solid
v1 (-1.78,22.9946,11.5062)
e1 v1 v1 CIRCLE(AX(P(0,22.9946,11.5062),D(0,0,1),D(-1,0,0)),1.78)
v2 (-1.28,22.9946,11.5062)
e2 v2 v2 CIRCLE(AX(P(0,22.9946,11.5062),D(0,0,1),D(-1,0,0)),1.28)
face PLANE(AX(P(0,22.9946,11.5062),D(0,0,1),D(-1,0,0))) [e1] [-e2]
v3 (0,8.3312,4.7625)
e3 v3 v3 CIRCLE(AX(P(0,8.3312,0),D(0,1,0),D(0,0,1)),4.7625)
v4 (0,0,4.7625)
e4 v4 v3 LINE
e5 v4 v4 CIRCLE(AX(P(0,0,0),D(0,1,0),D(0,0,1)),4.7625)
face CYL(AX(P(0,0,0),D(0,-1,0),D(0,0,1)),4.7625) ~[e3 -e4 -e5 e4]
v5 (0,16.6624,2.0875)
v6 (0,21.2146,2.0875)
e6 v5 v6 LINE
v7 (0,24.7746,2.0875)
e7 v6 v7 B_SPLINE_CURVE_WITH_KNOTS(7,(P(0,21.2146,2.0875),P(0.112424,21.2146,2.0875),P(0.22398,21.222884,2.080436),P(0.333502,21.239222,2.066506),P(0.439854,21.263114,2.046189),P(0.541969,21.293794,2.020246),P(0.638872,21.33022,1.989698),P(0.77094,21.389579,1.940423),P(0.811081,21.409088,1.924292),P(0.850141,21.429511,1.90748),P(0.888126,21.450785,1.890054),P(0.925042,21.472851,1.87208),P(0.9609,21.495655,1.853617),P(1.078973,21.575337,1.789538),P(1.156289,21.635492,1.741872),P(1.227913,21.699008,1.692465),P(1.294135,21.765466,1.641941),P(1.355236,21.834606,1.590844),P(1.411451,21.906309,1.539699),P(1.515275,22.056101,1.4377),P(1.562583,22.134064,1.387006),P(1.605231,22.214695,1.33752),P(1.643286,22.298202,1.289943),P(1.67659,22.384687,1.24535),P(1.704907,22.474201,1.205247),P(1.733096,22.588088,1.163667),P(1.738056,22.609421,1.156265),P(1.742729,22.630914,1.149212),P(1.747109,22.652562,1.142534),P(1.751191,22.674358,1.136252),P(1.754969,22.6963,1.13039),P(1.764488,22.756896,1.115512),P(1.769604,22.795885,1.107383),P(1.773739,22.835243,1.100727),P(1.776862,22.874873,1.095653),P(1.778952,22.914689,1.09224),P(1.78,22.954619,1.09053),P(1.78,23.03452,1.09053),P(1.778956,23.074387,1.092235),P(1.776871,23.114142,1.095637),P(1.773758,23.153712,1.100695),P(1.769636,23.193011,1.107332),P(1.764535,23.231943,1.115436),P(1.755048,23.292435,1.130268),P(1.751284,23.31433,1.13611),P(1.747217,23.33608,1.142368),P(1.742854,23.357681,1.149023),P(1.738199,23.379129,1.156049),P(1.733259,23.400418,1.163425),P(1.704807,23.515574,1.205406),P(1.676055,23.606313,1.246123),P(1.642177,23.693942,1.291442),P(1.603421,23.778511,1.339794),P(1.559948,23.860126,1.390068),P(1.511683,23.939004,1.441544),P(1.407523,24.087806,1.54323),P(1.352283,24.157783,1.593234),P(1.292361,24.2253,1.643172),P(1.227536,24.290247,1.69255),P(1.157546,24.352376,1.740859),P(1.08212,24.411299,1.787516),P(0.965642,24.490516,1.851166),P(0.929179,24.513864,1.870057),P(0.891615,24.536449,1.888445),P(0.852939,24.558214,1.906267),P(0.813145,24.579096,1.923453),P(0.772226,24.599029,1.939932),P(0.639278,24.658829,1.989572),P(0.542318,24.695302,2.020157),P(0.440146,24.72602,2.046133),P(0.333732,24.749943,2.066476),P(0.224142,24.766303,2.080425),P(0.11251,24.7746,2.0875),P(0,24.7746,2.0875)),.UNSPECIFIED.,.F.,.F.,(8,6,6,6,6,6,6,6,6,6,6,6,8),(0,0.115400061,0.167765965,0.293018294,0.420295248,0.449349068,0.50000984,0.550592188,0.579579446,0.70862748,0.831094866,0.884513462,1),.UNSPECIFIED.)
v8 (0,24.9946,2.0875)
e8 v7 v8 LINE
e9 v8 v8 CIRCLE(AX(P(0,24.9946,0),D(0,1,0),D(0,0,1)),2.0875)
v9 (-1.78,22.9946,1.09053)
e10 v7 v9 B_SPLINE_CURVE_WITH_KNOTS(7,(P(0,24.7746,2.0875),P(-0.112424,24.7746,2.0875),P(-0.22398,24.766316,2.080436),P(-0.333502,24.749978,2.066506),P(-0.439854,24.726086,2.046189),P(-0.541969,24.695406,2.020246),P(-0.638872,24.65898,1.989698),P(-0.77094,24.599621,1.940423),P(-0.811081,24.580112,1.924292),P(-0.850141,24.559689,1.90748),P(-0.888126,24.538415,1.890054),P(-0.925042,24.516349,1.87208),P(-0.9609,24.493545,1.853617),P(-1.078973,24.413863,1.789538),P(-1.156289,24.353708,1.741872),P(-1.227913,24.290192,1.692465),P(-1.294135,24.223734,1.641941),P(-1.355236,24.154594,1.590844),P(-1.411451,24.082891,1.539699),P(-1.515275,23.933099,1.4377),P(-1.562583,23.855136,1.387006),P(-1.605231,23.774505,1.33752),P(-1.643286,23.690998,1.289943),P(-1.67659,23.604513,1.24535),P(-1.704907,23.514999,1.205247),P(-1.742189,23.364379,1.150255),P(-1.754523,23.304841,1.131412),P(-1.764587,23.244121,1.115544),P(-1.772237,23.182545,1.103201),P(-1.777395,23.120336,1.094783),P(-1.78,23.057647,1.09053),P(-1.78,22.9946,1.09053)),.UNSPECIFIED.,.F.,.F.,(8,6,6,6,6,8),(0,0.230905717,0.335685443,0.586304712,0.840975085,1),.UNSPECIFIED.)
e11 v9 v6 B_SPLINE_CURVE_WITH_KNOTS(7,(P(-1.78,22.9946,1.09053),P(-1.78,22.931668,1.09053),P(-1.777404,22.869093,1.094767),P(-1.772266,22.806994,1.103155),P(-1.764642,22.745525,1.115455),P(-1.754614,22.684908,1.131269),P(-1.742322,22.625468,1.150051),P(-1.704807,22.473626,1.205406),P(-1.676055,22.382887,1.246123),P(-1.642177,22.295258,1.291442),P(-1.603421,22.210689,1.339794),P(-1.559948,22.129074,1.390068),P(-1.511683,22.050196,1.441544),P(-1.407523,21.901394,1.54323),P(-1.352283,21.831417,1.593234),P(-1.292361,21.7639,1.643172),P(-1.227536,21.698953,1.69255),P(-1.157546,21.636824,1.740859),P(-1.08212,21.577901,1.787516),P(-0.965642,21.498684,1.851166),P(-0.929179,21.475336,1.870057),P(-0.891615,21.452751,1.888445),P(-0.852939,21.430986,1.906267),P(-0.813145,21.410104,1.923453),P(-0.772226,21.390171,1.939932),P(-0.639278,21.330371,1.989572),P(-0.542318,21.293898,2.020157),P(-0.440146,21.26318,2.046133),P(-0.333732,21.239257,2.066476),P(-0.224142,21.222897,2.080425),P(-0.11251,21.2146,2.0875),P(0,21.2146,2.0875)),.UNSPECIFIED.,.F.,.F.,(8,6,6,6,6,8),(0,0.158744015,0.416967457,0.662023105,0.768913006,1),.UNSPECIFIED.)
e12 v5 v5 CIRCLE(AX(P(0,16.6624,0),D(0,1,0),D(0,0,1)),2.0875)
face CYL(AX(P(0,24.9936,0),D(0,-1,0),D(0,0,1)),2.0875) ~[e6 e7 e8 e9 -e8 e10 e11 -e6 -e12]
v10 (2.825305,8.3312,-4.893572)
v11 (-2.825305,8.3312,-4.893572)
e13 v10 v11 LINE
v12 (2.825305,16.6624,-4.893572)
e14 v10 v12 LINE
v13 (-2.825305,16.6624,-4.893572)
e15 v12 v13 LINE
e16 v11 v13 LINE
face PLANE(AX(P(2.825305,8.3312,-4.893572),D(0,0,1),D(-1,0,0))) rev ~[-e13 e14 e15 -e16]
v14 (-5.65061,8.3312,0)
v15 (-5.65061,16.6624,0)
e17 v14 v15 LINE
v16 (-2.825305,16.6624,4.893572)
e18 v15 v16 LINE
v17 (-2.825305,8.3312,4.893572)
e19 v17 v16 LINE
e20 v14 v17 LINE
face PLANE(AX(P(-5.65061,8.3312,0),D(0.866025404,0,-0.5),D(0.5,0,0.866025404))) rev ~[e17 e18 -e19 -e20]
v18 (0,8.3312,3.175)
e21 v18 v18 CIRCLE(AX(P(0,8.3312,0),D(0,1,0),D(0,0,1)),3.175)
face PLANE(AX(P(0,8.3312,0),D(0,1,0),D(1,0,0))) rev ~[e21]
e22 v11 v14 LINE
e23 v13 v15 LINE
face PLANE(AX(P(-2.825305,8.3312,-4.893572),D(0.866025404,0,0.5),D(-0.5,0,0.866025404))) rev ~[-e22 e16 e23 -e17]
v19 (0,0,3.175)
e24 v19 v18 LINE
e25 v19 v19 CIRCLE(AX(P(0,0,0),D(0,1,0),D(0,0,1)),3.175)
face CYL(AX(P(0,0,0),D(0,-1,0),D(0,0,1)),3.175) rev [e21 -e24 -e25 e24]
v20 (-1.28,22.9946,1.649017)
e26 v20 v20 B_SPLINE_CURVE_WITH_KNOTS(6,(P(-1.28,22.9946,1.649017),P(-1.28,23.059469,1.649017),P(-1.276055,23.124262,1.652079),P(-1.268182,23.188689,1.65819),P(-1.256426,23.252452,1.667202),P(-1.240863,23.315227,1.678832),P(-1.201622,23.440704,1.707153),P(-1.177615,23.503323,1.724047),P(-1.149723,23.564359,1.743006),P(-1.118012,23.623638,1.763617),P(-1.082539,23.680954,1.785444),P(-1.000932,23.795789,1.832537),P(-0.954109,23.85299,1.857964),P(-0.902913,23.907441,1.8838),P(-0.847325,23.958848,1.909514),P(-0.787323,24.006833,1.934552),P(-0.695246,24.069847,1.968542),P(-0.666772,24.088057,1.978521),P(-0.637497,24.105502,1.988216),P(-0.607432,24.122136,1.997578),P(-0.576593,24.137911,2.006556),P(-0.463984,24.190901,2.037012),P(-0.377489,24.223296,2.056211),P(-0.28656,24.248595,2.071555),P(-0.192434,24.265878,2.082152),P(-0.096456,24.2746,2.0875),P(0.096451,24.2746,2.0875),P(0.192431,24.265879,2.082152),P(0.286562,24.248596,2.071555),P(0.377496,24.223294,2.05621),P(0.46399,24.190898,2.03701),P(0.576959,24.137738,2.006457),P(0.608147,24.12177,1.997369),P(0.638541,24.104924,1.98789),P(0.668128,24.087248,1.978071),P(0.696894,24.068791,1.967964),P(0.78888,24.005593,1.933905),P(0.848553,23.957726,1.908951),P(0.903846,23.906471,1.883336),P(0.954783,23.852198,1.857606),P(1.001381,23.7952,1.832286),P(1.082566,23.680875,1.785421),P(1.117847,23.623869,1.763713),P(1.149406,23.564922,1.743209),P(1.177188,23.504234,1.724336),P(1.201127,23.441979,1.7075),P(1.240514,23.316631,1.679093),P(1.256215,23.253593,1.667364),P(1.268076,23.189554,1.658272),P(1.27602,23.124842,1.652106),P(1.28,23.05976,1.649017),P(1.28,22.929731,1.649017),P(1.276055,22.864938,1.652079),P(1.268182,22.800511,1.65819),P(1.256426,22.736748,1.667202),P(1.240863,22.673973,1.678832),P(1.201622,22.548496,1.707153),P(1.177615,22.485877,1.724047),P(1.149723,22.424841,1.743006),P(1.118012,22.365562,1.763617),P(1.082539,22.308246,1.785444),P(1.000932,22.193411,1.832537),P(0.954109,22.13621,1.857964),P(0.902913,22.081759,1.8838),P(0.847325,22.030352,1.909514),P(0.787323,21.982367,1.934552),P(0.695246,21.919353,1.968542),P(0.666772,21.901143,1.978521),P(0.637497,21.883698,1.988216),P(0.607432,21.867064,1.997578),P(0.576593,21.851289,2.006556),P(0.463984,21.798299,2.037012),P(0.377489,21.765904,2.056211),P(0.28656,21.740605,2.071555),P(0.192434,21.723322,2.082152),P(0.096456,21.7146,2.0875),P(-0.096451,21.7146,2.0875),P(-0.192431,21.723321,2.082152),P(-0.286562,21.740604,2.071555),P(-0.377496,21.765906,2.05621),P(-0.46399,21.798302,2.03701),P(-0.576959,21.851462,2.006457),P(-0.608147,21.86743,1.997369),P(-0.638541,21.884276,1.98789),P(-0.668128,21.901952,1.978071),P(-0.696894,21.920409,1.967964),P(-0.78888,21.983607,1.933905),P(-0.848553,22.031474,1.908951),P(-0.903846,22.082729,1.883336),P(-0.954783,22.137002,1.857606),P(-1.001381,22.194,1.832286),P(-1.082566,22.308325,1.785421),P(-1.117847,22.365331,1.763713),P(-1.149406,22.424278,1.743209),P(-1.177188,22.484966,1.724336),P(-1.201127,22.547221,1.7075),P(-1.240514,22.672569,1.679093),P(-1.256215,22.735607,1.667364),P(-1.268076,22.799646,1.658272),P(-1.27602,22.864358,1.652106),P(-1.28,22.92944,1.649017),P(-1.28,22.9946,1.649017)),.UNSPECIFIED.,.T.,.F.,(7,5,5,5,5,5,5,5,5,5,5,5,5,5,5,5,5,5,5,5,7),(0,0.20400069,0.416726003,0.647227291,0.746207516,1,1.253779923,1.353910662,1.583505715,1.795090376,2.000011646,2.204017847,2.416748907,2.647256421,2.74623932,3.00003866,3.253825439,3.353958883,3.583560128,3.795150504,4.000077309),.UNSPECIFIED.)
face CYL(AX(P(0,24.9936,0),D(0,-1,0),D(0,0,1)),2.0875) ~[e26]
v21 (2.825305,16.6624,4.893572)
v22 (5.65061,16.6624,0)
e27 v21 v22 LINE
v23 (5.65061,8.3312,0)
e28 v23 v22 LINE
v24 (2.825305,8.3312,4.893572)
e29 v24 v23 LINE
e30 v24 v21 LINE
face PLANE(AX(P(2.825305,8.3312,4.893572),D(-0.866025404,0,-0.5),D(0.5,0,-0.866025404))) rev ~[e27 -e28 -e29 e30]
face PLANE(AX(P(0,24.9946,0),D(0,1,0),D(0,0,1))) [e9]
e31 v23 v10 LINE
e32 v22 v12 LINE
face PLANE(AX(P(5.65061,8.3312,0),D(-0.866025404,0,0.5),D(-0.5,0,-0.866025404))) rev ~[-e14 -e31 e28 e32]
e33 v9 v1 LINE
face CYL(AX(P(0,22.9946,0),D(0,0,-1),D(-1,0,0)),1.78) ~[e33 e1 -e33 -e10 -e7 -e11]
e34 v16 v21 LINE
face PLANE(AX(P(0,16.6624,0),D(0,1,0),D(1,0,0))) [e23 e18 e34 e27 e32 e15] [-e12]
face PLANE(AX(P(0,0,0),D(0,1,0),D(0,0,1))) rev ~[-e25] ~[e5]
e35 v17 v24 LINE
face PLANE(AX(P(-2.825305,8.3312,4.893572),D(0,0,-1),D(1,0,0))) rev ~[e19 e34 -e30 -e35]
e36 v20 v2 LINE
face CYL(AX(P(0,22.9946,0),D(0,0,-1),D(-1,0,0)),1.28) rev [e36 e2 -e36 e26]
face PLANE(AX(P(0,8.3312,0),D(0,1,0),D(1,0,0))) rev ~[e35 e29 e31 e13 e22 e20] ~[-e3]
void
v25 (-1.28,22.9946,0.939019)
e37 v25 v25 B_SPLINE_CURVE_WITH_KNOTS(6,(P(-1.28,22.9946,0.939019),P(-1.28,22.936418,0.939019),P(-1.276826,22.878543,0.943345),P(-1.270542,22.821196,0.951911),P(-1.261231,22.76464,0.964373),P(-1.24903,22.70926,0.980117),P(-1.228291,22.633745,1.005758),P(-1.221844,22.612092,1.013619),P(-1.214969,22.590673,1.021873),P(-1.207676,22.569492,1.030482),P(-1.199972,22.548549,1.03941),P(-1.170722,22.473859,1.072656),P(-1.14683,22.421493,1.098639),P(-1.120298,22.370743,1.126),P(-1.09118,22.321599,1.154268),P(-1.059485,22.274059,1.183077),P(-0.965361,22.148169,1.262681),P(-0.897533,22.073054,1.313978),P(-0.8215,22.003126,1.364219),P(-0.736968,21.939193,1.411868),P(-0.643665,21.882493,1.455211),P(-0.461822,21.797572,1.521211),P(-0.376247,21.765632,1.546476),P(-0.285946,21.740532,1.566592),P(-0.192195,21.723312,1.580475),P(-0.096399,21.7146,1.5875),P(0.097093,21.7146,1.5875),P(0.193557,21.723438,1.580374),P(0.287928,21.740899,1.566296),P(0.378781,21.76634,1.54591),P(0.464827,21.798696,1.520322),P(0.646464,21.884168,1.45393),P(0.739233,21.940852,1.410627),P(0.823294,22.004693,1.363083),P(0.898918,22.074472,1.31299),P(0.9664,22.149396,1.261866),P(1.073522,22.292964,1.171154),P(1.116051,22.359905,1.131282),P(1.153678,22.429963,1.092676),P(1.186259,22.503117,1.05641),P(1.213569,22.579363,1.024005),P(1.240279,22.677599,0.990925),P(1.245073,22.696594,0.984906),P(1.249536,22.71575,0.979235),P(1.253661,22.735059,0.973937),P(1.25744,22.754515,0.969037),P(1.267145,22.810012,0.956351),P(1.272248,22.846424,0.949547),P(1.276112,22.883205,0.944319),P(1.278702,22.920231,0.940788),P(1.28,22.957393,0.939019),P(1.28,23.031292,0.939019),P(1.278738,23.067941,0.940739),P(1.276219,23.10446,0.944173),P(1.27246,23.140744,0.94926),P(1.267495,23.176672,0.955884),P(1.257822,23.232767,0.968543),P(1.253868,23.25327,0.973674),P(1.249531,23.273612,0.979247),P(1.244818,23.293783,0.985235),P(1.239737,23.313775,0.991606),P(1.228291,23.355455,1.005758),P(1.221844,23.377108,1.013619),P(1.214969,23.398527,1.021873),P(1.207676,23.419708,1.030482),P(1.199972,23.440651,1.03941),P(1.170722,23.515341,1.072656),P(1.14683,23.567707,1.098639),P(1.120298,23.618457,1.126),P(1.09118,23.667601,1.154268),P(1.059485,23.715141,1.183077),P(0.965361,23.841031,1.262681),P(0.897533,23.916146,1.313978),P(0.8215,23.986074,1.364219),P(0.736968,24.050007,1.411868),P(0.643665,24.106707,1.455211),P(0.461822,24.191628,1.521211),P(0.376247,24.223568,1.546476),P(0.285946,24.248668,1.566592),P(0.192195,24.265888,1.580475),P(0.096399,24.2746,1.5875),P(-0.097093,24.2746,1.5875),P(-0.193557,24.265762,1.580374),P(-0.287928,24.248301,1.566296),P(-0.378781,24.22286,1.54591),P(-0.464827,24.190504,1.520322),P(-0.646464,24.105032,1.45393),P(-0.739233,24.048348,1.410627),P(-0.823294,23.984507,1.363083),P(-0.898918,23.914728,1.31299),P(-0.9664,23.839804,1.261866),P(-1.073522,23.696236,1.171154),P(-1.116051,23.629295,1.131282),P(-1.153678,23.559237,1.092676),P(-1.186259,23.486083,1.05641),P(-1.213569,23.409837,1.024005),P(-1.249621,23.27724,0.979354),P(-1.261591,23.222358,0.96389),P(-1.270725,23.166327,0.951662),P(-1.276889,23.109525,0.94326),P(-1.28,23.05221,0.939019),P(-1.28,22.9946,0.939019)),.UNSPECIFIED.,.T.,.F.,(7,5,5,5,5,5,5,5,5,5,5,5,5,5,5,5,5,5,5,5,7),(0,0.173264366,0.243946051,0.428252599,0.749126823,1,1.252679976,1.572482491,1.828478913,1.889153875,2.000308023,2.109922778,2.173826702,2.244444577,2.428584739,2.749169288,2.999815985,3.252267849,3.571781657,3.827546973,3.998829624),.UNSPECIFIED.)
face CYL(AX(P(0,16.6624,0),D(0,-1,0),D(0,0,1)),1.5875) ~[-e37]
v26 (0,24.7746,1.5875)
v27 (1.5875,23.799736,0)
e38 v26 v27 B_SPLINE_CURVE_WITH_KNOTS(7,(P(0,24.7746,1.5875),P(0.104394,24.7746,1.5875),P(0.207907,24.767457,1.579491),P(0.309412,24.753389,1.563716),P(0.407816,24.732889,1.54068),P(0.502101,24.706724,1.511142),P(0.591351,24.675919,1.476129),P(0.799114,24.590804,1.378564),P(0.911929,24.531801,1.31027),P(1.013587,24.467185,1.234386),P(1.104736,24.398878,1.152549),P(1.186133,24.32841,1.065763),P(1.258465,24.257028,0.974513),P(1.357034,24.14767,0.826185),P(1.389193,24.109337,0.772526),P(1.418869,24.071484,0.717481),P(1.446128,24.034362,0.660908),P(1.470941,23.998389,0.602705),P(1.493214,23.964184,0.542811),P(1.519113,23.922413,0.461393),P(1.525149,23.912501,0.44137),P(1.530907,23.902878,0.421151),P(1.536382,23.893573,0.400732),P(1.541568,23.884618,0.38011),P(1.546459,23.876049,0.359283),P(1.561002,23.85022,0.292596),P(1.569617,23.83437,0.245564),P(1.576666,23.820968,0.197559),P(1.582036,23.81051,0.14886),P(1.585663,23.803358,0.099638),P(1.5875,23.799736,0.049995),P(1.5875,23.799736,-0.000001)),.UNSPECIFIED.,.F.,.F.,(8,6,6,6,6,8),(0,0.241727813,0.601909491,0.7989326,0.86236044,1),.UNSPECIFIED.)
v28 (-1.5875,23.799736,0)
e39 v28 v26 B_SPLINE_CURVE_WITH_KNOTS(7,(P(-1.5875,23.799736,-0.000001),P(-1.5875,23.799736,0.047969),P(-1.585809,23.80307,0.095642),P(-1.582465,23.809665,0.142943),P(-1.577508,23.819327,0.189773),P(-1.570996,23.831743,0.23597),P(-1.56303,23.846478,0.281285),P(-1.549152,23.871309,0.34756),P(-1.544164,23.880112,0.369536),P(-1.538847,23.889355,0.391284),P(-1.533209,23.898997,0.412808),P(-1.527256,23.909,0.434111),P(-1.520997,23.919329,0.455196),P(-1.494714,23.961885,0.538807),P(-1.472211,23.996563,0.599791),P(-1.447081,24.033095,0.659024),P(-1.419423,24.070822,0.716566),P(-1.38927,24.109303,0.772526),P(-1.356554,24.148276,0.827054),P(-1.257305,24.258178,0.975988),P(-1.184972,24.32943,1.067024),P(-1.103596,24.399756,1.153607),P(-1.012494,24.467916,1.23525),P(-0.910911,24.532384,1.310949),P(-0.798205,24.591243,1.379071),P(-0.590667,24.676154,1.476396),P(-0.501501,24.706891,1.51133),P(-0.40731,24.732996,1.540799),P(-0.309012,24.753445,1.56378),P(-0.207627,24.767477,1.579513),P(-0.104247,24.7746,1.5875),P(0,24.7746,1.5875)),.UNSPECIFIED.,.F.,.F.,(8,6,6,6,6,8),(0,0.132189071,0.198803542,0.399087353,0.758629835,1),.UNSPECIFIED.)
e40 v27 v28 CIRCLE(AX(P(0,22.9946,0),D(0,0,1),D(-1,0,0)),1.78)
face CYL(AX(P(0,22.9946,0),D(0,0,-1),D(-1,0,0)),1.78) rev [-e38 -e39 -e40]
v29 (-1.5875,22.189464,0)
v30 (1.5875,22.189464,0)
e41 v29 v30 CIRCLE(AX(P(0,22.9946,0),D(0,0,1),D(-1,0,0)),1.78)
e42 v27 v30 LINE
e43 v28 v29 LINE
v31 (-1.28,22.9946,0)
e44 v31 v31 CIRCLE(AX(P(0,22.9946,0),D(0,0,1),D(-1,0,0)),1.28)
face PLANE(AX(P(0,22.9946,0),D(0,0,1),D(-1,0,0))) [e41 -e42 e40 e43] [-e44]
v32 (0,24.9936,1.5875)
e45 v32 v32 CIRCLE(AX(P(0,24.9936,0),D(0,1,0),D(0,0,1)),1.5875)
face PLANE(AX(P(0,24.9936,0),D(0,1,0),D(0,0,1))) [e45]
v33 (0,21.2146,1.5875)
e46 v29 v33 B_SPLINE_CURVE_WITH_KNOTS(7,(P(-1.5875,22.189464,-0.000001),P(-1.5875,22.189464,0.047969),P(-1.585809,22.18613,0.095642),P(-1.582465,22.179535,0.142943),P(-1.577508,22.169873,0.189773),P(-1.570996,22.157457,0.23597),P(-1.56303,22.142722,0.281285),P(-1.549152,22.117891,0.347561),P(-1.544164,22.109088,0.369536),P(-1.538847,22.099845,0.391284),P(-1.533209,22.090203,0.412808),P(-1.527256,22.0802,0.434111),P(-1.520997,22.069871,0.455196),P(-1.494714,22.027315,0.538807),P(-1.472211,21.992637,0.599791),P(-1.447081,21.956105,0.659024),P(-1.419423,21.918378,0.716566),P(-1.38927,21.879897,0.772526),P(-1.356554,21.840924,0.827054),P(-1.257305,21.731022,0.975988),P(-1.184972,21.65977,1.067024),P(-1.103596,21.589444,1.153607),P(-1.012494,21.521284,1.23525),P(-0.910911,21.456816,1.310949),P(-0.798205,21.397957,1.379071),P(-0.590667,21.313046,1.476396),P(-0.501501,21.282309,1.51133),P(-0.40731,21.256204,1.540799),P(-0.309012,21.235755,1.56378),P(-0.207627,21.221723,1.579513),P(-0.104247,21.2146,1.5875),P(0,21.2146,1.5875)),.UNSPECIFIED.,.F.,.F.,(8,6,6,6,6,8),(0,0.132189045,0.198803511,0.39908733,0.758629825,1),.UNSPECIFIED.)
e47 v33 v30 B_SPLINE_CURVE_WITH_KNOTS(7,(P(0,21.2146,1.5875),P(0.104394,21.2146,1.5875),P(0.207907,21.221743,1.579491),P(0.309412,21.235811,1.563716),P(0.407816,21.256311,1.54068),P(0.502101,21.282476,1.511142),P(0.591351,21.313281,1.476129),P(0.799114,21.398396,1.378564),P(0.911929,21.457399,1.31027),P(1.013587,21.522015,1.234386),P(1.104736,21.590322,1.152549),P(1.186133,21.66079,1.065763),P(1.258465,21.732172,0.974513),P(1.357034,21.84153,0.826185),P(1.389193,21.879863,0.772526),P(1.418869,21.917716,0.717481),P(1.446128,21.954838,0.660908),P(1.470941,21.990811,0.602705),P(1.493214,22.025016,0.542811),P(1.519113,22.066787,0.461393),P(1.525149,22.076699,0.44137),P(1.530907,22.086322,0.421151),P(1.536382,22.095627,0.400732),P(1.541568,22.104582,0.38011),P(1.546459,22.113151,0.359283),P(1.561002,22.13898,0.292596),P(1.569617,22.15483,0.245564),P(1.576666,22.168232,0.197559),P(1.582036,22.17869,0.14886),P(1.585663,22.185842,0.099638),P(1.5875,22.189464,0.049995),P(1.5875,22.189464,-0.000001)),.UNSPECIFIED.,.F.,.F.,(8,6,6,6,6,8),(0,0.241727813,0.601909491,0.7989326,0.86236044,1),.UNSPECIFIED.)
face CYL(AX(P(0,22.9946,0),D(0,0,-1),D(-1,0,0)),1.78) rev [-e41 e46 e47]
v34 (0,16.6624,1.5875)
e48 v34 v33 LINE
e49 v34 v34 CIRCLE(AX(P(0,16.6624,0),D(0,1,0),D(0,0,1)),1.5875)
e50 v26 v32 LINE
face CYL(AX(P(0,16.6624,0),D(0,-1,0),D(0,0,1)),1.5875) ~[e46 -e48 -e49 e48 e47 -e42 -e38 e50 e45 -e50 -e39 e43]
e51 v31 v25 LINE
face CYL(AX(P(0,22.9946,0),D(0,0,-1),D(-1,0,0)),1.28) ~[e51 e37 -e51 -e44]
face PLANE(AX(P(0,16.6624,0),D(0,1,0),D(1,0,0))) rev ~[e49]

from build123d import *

# Parameters (mm, degrees)
SKETCH1_R           = 4.7625
SKETCH1_R_2         = 3.175
BOSS_EXTRUDE1_DEPTH = 8.3312
BOSS_EXTRUDE2_DEPTH = 8.3312
SKETCH3_R           = 2.0875
SKETCH3_R_2         = 1.5875
BOSS_EXTRUDE3_DEPTH = 8.3312
SKETCH4_R           = 2.0875
BOSS_EXTRUDE4_DEPTH = 0.001
SKETCH5_R           = 1.78
SKETCH5_R_2         = 1.28
BOSS_EXTRUDE5_DEPTH = 11.5062


with BuildPart() as part:
    # Sketch1 → Boss-Extrude1 (new body)
    with BuildSketch(Plane(origin=(0, 0, 0), x_dir=(1, 0, 0), z_dir=(0, 1, 0))):
        with Locations(Location((0, 0, 0), (0, 0, 270))):
            Circle(SKETCH1_R)
        with Locations(Location((0, 0, 0), (0, 0, 270))):
            Circle(SKETCH1_R_2, mode=Mode.SUBTRACT)
    extrude(amount=BOSS_EXTRUDE1_DEPTH)

    # Sketch2 → Boss-Extrude2 (add)
    with BuildSketch(Plane(origin=(0, 8.3312, 0), x_dir=(1, 0, 0), z_dir=(0, 1, 0))):
        Polygon((5.65061043, 0), (2.825305215, 4.893572179), (-2.825305215, 4.893572179), (-5.65061043, 0), (-2.825305215, -4.893572179), (2.825305215, -4.893572179), align=None)
    extrude(amount=BOSS_EXTRUDE2_DEPTH)

    # Sketch3 → Boss-Extrude3 (add)
    with BuildSketch(Plane(origin=(0, 16.6624, 0), x_dir=(1, 0, 0), z_dir=(0, 1, 0))):
        with Locations(Location((0, 0, 0), (0, 0, 270))):
            Circle(SKETCH3_R)
        with Locations(Location((0, 0, 0), (0, 0, 270))):
            Circle(SKETCH3_R_2, mode=Mode.SUBTRACT)
    extrude(amount=BOSS_EXTRUDE3_DEPTH)

    # Sketch4 → Boss-Extrude4 (add)
    with BuildSketch(Plane(origin=(0, 24.9936, 0), x_dir=(1, 0, 0), z_dir=(0, 1, 0))):
        with Locations(Location((0, 0, 0), (0, 0, 270))):
            Circle(SKETCH4_R)
    extrude(amount=BOSS_EXTRUDE4_DEPTH)

    # Sketch5 → Boss-Extrude5 (add)
    with BuildSketch(Plane.XY):
        with Locations(Location((0, 22.9946, 0), (0, 0, 180))):
            Circle(SKETCH5_R)
        with Locations(Location((0, 22.9946, 0), (0, 0, 180))):
            Circle(SKETCH5_R_2, mode=Mode.SUBTRACT)
    extrude(amount=BOSS_EXTRUDE5_DEPTH)


solid = part.part
